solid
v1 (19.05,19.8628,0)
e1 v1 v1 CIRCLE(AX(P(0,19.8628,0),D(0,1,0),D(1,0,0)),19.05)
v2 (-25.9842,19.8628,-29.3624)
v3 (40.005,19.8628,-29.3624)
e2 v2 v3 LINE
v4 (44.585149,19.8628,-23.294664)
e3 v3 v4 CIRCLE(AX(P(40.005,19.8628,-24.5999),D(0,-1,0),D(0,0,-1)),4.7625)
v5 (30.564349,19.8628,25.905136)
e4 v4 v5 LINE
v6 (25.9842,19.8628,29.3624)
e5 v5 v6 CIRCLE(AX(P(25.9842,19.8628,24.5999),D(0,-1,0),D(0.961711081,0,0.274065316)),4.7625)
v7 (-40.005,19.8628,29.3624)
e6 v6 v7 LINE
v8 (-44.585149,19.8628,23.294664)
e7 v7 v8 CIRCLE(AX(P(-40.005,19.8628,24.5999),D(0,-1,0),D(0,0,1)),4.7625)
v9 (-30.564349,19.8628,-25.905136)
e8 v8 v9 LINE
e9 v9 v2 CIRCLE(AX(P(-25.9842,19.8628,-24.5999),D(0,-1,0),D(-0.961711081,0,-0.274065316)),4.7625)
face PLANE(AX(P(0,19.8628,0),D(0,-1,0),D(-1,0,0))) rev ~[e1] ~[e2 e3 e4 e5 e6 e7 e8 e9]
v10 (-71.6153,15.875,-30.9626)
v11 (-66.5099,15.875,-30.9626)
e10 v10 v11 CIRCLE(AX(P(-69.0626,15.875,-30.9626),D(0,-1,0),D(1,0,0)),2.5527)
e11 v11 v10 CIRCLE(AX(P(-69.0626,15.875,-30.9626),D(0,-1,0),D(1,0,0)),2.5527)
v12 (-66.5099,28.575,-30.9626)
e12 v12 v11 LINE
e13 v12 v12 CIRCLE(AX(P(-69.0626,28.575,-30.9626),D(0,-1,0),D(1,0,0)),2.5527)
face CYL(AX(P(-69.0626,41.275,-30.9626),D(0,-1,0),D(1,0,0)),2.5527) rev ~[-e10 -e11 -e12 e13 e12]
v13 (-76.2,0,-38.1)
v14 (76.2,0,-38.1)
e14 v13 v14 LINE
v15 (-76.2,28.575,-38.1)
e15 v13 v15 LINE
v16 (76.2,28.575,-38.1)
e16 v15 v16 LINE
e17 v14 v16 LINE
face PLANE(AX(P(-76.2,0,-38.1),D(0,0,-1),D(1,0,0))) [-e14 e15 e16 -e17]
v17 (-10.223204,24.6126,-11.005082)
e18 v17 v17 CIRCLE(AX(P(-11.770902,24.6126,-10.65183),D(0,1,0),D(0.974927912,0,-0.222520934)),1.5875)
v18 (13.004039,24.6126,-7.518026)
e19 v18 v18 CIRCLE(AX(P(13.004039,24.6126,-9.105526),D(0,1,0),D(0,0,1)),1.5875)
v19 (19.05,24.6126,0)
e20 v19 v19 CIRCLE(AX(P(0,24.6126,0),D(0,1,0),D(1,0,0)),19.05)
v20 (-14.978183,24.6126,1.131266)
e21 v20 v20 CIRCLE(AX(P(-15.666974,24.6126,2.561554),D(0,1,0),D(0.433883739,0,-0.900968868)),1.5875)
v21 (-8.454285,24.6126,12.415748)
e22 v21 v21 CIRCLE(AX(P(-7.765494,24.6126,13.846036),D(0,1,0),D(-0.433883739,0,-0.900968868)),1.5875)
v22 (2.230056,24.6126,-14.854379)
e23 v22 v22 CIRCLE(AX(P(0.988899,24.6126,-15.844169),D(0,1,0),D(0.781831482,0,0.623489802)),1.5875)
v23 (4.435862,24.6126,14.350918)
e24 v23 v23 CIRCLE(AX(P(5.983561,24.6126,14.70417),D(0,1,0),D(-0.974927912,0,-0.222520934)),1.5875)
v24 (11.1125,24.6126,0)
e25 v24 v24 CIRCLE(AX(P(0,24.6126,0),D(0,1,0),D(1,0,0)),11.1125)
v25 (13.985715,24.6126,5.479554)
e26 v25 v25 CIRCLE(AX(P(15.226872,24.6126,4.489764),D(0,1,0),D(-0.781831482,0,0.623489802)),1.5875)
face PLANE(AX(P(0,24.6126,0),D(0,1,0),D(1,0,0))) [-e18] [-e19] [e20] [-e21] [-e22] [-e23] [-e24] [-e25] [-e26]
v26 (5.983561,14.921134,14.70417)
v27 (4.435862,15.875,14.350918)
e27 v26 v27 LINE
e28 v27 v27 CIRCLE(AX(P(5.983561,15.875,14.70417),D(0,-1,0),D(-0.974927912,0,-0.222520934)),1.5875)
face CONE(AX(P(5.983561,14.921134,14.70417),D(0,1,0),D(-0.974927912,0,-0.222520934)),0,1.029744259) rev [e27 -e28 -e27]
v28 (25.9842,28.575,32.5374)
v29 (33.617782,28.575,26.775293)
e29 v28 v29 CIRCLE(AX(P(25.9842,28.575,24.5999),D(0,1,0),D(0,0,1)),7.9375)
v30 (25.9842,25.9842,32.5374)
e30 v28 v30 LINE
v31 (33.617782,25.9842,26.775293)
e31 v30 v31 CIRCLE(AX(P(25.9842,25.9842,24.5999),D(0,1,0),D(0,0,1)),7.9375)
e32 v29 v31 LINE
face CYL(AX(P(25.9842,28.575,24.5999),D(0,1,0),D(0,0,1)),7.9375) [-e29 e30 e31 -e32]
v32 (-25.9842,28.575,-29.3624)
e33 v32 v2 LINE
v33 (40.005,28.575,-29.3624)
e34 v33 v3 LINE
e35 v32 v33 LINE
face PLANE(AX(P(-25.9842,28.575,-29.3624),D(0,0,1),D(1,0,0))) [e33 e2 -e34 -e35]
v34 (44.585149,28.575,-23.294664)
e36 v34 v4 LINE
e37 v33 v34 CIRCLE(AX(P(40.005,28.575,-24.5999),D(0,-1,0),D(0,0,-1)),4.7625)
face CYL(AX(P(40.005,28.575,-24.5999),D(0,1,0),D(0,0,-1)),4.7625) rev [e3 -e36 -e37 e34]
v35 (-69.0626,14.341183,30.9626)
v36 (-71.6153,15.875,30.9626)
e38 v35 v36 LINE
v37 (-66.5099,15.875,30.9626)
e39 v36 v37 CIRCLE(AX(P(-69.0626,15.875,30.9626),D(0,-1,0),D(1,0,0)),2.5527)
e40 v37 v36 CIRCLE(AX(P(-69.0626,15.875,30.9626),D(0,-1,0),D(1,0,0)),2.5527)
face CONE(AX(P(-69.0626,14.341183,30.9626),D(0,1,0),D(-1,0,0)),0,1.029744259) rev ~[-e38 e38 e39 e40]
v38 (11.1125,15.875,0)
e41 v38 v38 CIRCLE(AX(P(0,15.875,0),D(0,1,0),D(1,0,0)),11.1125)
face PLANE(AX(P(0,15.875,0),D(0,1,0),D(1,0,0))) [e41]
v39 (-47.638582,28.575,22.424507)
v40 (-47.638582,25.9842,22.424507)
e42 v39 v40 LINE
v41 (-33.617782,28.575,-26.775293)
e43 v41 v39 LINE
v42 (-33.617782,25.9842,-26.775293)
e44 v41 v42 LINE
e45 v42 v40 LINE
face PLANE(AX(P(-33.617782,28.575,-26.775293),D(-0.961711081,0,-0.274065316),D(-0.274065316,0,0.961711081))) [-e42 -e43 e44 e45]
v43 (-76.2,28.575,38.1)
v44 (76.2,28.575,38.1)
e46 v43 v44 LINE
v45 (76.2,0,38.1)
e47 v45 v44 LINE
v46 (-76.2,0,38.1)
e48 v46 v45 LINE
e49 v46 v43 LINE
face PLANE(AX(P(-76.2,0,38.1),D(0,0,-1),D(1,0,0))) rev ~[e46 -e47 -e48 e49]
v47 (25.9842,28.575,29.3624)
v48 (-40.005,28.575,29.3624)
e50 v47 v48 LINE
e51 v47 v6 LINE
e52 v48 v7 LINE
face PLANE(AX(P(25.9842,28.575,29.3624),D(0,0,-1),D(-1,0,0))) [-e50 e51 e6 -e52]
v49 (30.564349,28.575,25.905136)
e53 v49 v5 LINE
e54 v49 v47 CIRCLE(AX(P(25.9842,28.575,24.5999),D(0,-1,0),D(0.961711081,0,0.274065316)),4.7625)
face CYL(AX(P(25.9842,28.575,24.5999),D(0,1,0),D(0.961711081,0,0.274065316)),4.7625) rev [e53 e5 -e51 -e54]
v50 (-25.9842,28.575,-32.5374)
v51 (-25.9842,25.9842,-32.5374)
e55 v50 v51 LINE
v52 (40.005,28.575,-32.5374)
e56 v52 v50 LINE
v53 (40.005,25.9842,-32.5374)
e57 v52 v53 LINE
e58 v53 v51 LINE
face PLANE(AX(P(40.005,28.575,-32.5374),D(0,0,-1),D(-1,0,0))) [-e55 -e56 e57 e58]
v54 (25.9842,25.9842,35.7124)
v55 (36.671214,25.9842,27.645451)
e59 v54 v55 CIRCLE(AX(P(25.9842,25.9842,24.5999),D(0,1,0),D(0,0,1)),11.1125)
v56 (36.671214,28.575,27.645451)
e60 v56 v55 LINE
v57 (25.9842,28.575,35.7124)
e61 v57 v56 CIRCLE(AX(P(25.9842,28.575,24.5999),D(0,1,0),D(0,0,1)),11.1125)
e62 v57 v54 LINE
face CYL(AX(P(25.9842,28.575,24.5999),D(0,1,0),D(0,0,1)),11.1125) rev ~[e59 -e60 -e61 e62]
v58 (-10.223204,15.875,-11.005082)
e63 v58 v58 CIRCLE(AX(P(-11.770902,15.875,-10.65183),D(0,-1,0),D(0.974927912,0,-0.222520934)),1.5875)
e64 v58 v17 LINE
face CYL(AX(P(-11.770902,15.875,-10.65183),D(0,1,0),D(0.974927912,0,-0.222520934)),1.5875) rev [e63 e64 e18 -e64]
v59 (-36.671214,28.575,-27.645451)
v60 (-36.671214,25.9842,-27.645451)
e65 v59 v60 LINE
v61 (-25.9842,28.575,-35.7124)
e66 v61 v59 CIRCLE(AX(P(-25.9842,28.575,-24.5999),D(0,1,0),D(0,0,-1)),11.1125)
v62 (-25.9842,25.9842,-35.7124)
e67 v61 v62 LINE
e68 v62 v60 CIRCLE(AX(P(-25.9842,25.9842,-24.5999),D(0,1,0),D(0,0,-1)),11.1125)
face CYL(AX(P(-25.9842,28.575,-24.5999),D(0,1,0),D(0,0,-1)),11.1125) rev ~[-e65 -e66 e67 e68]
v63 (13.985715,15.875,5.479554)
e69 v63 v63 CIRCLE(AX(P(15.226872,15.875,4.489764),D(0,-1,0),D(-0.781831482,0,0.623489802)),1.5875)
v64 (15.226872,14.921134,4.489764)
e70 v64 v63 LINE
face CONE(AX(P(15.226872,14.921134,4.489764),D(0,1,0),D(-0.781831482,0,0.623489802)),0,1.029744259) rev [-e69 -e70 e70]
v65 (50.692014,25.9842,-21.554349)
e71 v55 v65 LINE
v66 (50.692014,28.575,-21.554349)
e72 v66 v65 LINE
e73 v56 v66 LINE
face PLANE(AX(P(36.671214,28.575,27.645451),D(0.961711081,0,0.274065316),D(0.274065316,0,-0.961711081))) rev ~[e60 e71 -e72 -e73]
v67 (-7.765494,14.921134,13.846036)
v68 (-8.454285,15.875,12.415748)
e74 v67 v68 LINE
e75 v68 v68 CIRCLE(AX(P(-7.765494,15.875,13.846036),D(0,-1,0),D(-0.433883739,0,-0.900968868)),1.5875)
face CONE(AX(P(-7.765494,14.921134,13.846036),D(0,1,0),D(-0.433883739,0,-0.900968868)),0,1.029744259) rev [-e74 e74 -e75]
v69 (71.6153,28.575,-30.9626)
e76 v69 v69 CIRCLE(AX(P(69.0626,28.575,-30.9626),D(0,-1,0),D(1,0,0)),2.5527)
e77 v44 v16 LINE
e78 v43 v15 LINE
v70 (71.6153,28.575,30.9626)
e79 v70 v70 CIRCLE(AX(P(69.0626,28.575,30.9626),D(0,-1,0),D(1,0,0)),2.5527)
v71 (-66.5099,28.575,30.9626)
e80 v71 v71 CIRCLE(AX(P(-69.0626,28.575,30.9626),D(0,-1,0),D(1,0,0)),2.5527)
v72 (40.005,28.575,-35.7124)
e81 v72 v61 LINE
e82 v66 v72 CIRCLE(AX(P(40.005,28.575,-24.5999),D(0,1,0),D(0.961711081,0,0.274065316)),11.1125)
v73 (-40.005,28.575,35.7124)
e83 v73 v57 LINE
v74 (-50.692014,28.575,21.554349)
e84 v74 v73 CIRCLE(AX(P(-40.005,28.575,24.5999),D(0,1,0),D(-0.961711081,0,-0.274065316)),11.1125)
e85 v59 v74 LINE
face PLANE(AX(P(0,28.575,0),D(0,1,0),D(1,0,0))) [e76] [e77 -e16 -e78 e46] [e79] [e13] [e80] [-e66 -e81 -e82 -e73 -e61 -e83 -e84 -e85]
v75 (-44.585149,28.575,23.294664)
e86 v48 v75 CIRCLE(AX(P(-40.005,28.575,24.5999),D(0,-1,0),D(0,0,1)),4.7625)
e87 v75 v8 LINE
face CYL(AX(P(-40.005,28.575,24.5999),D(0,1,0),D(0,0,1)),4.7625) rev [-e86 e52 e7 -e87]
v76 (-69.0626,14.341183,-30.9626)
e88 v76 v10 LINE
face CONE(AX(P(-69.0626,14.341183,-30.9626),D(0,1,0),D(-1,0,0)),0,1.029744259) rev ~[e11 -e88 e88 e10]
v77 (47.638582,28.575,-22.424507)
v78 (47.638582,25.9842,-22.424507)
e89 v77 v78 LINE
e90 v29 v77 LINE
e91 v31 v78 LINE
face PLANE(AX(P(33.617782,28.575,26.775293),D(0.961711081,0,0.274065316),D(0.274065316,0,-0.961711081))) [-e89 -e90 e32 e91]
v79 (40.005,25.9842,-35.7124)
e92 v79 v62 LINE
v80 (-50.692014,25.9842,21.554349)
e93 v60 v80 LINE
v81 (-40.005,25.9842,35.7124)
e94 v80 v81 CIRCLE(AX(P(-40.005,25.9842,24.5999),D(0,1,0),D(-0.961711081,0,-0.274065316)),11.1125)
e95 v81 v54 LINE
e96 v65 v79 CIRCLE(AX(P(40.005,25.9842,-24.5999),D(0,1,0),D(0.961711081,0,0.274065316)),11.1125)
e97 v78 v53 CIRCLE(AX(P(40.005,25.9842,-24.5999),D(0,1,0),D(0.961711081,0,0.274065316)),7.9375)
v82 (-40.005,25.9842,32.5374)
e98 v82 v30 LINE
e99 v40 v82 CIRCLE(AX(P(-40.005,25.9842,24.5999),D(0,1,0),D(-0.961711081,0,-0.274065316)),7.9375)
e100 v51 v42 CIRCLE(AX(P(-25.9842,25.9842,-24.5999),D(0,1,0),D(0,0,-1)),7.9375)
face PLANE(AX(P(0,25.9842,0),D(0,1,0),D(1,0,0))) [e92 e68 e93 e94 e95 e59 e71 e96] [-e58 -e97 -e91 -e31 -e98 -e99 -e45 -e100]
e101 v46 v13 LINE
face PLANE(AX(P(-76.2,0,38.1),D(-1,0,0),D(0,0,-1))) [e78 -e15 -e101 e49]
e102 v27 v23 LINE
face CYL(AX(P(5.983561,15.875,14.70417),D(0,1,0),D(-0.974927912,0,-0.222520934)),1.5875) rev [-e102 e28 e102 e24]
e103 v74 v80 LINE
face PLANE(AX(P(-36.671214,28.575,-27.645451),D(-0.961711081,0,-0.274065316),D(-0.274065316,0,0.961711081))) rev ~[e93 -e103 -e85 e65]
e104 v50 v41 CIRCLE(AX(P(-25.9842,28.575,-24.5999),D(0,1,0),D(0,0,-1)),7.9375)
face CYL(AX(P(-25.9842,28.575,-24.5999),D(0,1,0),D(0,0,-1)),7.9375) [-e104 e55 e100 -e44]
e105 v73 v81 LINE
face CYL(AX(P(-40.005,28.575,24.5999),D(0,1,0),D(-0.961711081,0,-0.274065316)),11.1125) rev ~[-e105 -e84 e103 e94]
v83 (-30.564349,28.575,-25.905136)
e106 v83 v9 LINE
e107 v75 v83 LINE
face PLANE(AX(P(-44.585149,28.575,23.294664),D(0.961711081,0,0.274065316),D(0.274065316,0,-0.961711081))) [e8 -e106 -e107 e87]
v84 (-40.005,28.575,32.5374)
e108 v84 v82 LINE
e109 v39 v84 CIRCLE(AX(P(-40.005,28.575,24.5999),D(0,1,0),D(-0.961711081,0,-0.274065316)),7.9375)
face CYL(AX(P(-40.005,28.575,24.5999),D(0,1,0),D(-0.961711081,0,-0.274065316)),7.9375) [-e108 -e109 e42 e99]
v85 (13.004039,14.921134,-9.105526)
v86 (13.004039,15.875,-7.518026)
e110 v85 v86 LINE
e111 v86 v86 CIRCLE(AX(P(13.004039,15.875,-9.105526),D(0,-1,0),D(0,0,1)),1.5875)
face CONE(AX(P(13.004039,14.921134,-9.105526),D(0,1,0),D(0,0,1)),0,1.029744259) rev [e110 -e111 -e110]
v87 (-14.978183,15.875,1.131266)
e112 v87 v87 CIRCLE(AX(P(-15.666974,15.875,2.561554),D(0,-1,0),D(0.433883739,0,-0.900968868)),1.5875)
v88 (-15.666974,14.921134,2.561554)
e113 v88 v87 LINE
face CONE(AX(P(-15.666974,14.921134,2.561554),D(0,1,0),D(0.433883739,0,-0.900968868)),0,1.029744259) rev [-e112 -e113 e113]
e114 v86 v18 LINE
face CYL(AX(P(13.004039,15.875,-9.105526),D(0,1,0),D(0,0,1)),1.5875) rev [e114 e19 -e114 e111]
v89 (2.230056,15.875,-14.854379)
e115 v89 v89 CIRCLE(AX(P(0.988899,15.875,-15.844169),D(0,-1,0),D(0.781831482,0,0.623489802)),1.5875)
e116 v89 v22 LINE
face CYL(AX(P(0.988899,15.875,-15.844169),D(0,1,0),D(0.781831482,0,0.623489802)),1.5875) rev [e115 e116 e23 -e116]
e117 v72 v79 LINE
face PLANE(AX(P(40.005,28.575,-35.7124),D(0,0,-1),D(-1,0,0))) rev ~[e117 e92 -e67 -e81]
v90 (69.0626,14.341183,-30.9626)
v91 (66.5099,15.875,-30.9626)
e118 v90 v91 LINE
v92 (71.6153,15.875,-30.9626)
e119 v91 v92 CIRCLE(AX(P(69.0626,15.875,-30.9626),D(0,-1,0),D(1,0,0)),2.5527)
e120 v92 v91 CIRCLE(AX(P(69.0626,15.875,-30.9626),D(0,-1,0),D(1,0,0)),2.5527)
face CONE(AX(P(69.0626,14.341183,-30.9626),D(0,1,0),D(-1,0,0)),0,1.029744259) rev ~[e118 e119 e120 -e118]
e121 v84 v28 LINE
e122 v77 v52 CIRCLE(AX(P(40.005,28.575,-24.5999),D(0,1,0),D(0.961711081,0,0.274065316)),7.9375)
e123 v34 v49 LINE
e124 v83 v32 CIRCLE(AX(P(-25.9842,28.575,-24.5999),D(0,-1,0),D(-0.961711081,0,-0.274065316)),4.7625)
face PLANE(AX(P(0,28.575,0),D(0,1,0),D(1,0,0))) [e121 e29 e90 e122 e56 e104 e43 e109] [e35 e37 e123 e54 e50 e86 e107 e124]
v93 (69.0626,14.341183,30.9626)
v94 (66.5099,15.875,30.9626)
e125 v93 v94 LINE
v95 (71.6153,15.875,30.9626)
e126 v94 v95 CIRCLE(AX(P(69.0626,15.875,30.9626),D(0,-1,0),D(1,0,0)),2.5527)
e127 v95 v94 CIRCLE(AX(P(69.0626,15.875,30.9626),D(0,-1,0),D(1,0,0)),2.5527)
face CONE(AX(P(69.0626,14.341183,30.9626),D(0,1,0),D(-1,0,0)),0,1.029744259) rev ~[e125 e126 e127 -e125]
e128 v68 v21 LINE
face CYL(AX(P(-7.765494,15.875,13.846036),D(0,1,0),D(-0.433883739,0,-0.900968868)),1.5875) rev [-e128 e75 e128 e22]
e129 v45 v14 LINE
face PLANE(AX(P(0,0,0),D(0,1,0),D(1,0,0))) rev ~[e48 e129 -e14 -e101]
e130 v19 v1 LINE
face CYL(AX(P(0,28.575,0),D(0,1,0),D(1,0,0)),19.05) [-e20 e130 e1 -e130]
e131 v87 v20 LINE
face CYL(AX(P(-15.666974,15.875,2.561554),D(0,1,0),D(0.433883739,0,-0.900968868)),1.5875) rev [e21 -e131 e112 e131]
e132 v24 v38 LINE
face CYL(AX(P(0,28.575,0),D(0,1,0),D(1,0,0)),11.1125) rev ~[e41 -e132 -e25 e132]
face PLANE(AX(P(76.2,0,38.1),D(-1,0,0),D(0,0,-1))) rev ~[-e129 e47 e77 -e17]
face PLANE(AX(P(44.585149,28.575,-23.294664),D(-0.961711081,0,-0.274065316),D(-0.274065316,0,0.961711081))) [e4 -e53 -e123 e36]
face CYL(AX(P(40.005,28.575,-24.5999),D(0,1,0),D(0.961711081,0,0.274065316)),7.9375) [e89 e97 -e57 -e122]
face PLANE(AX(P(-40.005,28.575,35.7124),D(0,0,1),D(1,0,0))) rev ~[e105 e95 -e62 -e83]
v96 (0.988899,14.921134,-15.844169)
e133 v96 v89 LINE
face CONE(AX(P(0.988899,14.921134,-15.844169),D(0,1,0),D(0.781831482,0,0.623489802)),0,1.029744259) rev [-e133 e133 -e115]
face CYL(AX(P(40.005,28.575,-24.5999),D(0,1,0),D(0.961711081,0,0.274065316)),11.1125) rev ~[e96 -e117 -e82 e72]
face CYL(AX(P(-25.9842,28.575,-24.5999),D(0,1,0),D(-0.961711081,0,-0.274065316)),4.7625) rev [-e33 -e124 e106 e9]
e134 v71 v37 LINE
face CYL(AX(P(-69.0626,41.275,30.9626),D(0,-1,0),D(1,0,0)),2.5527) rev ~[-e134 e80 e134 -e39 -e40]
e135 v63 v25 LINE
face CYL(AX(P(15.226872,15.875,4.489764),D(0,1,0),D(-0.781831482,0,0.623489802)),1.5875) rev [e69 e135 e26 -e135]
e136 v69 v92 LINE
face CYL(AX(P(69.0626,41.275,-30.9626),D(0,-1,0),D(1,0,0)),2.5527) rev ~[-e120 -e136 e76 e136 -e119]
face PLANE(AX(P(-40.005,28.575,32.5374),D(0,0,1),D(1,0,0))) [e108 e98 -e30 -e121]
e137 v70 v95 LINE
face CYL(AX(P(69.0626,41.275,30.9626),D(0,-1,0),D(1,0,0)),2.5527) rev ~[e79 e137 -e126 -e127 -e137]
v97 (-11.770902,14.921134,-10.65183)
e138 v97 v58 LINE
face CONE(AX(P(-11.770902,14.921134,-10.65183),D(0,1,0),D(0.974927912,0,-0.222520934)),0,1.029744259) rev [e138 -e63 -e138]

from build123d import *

# Parameters (mm, degrees)
SKETCH1_W                      = 152.4
SKETCH1_H                      = 76.2
BOSS_EXTRUDE1_DEPTH            = 28.575
F_7_0_201_DIAMETER_HOLE1_D     = 5.1054
F_7_0_201_DIAMETER_HOLE1_DEPTH = 12.7
F_7_0_201_DIAMETER_HOLE1_TIP   = 1.533816902
SKETCH4_R                      = 11.1125
CUT_EXTRUDE1_DEPTH             = 12.7
CIRPATTERN2_COUNT              = 7
SKETCH9_R                      = 19.05
CUT_EXTRUDE5_DEPTH             = 3.9624
SKETCH10_R                     = 19.05
CUT_EXTRUDE6_DEPTH             = 8.7122
CUT_EXTRUDE7_DEPTH             = 2.5908


with BuildPart() as part:
    # Sketch1 → Boss-Extrude1 (new body)
    with BuildSketch(Plane(origin=(0, 0, 0), x_dir=(1, 0, 0), z_dir=(0, 1, 0))):
        Rectangle(SKETCH1_W, SKETCH1_H)
    extrude(amount=BOSS_EXTRUDE1_DEPTH)

    # #7 (0.201) Diameter Hole1
    with Locations(Plane(origin=(0, 28.575, 0), x_dir=(-1, 0, 0), z_dir=(0, 1, 0))):
        with Locations((69.0626, -30.9626), (69.0626, 30.9626), (-69.0626, 30.9626), (-69.0626, -30.9626)):
            Hole(F_7_0_201_DIAMETER_HOLE1_D / 2, depth=F_7_0_201_DIAMETER_HOLE1_DEPTH)
            with Locations((0, 0, -(F_7_0_201_DIAMETER_HOLE1_DEPTH + F_7_0_201_DIAMETER_HOLE1_TIP / 2))):  # 118° drill point
                Cone(0, F_7_0_201_DIAMETER_HOLE1_D / 2, F_7_0_201_DIAMETER_HOLE1_TIP, mode=Mode.SUBTRACT)

    # Sketch4 → Cut-Extrude1 (cut)
    with BuildSketch(Plane(origin=(0, 28.575, 0), x_dir=(1, 0, 0), z_dir=(0, 1, 0))):
        Circle(SKETCH4_R)
    extrude(amount=-CUT_EXTRUDE1_DEPTH, mode=Mode.SUBTRACT)

    # Sketch14 → 1/8 (0.125) Diameter Hole2 (revolve, cut)
    with BuildSketch(Plane(origin=(13.004038703, 28.575, -9.105525927), x_dir=(0, 0, 1), z_dir=(1, 0, 0))):
        Polygon((0, 0), (0, 13.653866233), (1.5875, 12.7), (1.5875, 0), align=None)
    f_1_8_0_125_diameter_hole2 = revolve(axis=Axis((13.004038703, 34.925, -9.105525927), (0, -1, 0)), mode=Mode.SUBTRACT)

    # CirPattern2: 1/8 (0.125) Diameter Hole2 ×7 about axis
    cirpattern2_axis = Axis((0, 0, 0), (0, 1, 0))
    for i in range(1, CIRPATTERN2_COUNT):
        add(f_1_8_0_125_diameter_hole2.rotate(cirpattern2_axis, i * 360 / CIRPATTERN2_COUNT), mode=Mode.SUBTRACT)

    # Sketch9 → Cut-Extrude5 (cut)
    with BuildSketch(Plane(origin=(0, 28.575, 0), x_dir=(1, 0, 0), z_dir=(0, 1, 0))):
        Circle(SKETCH9_R)
    extrude(amount=-CUT_EXTRUDE5_DEPTH, mode=Mode.SUBTRACT)

    # Sketch10 → Cut-Extrude6 (cut)
    with BuildSketch(Plane(origin=(0, 28.575, 0), x_dir=(1, 0, 0), z_dir=(0, 1, 0))):
        with BuildLine():
            Line((-25.9842, 29.3624), (40.005, 29.3624))
            ThreePointArc((40.005, 29.3624), (43.806157259, 27.469152471), (44.585149022, 23.294663934))
            Line((44.585149022, 23.294663934), (30.564349022, -25.905136066))
            ThreePointArc((30.564349022, -25.905136066), (28.853452471, -28.401057259), (25.9842, -29.3624))
            Line((25.9842, -29.3624), (-40.005, -29.3624))
            ThreePointArc((-40.005, -29.3624), (-43.806157259, -27.469152471), (-44.585149022, -23.294663934))
            Line((-44.585149022, -23.294663934), (-30.564349022, 25.905136066))
            ThreePointArc((-30.564349022, 25.905136066), (-28.853452471, 28.401057259), (-25.9842, 29.3624))
        make_face()
        Circle(SKETCH10_R, mode=Mode.SUBTRACT)
    extrude(amount=-CUT_EXTRUDE6_DEPTH, mode=Mode.SUBTRACT)

    # Sketch11 → Cut-Extrude7 (cut)
    with BuildSketch(Plane(origin=(0, 28.575, 0), x_dir=(1, 0, 0), z_dir=(0, 1, 0))):
        with BuildLine():
            Line((-36.671214384, 27.645450821), (-50.692014384, -21.554349179))
            ThreePointArc((-50.692014384, -21.554349179), (-48.874366938, -31.294822432), (-40.005, -35.7124))
            Line((-40.005, -35.7124), (25.9842, -35.7124))
            ThreePointArc((25.9842, -35.7124), (32.679122432, -33.469266938), (36.671214384, -27.645450821))
            Line((36.671214384, -27.645450821), (50.692014384, 21.554349179))
            ThreePointArc((50.692014384, 21.554349179), (48.874366938, 31.294822432), (40.005, 35.7124))
            Line((40.005, 35.7124), (-25.9842, 35.7124))
            ThreePointArc((-25.9842, 35.7124), (-32.679122432, 33.469266938), (-36.671214384, 27.645450821))
        make_face()
        with BuildLine():
            Line((-33.617781703, 26.775293443), (-47.638581703, -22.424506557))
            ThreePointArc((-47.638581703, -22.424506557), (-46.340262098, -29.381987452), (-40.005, -32.5374))
            Line((-40.005, -32.5374), (25.9842, -32.5374))
            ThreePointArc((25.9842, -32.5374), (30.766287452, -30.935162098), (33.617781703, -26.775293443))
            Line((33.617781703, -26.775293443), (47.638581703, 22.424506557))
            ThreePointArc((47.638581703, 22.424506557), (46.340262098, 29.381987452), (40.005, 32.5374))
            Line((40.005, 32.5374), (-25.9842, 32.5374))
            ThreePointArc((-25.9842, 32.5374), (-30.766287452, 30.935162098), (-33.617781703, 26.775293443))
        make_face(mode=Mode.SUBTRACT)
    extrude(amount=-CUT_EXTRUDE7_DEPTH, mode=Mode.SUBTRACT)


solid = part.part
